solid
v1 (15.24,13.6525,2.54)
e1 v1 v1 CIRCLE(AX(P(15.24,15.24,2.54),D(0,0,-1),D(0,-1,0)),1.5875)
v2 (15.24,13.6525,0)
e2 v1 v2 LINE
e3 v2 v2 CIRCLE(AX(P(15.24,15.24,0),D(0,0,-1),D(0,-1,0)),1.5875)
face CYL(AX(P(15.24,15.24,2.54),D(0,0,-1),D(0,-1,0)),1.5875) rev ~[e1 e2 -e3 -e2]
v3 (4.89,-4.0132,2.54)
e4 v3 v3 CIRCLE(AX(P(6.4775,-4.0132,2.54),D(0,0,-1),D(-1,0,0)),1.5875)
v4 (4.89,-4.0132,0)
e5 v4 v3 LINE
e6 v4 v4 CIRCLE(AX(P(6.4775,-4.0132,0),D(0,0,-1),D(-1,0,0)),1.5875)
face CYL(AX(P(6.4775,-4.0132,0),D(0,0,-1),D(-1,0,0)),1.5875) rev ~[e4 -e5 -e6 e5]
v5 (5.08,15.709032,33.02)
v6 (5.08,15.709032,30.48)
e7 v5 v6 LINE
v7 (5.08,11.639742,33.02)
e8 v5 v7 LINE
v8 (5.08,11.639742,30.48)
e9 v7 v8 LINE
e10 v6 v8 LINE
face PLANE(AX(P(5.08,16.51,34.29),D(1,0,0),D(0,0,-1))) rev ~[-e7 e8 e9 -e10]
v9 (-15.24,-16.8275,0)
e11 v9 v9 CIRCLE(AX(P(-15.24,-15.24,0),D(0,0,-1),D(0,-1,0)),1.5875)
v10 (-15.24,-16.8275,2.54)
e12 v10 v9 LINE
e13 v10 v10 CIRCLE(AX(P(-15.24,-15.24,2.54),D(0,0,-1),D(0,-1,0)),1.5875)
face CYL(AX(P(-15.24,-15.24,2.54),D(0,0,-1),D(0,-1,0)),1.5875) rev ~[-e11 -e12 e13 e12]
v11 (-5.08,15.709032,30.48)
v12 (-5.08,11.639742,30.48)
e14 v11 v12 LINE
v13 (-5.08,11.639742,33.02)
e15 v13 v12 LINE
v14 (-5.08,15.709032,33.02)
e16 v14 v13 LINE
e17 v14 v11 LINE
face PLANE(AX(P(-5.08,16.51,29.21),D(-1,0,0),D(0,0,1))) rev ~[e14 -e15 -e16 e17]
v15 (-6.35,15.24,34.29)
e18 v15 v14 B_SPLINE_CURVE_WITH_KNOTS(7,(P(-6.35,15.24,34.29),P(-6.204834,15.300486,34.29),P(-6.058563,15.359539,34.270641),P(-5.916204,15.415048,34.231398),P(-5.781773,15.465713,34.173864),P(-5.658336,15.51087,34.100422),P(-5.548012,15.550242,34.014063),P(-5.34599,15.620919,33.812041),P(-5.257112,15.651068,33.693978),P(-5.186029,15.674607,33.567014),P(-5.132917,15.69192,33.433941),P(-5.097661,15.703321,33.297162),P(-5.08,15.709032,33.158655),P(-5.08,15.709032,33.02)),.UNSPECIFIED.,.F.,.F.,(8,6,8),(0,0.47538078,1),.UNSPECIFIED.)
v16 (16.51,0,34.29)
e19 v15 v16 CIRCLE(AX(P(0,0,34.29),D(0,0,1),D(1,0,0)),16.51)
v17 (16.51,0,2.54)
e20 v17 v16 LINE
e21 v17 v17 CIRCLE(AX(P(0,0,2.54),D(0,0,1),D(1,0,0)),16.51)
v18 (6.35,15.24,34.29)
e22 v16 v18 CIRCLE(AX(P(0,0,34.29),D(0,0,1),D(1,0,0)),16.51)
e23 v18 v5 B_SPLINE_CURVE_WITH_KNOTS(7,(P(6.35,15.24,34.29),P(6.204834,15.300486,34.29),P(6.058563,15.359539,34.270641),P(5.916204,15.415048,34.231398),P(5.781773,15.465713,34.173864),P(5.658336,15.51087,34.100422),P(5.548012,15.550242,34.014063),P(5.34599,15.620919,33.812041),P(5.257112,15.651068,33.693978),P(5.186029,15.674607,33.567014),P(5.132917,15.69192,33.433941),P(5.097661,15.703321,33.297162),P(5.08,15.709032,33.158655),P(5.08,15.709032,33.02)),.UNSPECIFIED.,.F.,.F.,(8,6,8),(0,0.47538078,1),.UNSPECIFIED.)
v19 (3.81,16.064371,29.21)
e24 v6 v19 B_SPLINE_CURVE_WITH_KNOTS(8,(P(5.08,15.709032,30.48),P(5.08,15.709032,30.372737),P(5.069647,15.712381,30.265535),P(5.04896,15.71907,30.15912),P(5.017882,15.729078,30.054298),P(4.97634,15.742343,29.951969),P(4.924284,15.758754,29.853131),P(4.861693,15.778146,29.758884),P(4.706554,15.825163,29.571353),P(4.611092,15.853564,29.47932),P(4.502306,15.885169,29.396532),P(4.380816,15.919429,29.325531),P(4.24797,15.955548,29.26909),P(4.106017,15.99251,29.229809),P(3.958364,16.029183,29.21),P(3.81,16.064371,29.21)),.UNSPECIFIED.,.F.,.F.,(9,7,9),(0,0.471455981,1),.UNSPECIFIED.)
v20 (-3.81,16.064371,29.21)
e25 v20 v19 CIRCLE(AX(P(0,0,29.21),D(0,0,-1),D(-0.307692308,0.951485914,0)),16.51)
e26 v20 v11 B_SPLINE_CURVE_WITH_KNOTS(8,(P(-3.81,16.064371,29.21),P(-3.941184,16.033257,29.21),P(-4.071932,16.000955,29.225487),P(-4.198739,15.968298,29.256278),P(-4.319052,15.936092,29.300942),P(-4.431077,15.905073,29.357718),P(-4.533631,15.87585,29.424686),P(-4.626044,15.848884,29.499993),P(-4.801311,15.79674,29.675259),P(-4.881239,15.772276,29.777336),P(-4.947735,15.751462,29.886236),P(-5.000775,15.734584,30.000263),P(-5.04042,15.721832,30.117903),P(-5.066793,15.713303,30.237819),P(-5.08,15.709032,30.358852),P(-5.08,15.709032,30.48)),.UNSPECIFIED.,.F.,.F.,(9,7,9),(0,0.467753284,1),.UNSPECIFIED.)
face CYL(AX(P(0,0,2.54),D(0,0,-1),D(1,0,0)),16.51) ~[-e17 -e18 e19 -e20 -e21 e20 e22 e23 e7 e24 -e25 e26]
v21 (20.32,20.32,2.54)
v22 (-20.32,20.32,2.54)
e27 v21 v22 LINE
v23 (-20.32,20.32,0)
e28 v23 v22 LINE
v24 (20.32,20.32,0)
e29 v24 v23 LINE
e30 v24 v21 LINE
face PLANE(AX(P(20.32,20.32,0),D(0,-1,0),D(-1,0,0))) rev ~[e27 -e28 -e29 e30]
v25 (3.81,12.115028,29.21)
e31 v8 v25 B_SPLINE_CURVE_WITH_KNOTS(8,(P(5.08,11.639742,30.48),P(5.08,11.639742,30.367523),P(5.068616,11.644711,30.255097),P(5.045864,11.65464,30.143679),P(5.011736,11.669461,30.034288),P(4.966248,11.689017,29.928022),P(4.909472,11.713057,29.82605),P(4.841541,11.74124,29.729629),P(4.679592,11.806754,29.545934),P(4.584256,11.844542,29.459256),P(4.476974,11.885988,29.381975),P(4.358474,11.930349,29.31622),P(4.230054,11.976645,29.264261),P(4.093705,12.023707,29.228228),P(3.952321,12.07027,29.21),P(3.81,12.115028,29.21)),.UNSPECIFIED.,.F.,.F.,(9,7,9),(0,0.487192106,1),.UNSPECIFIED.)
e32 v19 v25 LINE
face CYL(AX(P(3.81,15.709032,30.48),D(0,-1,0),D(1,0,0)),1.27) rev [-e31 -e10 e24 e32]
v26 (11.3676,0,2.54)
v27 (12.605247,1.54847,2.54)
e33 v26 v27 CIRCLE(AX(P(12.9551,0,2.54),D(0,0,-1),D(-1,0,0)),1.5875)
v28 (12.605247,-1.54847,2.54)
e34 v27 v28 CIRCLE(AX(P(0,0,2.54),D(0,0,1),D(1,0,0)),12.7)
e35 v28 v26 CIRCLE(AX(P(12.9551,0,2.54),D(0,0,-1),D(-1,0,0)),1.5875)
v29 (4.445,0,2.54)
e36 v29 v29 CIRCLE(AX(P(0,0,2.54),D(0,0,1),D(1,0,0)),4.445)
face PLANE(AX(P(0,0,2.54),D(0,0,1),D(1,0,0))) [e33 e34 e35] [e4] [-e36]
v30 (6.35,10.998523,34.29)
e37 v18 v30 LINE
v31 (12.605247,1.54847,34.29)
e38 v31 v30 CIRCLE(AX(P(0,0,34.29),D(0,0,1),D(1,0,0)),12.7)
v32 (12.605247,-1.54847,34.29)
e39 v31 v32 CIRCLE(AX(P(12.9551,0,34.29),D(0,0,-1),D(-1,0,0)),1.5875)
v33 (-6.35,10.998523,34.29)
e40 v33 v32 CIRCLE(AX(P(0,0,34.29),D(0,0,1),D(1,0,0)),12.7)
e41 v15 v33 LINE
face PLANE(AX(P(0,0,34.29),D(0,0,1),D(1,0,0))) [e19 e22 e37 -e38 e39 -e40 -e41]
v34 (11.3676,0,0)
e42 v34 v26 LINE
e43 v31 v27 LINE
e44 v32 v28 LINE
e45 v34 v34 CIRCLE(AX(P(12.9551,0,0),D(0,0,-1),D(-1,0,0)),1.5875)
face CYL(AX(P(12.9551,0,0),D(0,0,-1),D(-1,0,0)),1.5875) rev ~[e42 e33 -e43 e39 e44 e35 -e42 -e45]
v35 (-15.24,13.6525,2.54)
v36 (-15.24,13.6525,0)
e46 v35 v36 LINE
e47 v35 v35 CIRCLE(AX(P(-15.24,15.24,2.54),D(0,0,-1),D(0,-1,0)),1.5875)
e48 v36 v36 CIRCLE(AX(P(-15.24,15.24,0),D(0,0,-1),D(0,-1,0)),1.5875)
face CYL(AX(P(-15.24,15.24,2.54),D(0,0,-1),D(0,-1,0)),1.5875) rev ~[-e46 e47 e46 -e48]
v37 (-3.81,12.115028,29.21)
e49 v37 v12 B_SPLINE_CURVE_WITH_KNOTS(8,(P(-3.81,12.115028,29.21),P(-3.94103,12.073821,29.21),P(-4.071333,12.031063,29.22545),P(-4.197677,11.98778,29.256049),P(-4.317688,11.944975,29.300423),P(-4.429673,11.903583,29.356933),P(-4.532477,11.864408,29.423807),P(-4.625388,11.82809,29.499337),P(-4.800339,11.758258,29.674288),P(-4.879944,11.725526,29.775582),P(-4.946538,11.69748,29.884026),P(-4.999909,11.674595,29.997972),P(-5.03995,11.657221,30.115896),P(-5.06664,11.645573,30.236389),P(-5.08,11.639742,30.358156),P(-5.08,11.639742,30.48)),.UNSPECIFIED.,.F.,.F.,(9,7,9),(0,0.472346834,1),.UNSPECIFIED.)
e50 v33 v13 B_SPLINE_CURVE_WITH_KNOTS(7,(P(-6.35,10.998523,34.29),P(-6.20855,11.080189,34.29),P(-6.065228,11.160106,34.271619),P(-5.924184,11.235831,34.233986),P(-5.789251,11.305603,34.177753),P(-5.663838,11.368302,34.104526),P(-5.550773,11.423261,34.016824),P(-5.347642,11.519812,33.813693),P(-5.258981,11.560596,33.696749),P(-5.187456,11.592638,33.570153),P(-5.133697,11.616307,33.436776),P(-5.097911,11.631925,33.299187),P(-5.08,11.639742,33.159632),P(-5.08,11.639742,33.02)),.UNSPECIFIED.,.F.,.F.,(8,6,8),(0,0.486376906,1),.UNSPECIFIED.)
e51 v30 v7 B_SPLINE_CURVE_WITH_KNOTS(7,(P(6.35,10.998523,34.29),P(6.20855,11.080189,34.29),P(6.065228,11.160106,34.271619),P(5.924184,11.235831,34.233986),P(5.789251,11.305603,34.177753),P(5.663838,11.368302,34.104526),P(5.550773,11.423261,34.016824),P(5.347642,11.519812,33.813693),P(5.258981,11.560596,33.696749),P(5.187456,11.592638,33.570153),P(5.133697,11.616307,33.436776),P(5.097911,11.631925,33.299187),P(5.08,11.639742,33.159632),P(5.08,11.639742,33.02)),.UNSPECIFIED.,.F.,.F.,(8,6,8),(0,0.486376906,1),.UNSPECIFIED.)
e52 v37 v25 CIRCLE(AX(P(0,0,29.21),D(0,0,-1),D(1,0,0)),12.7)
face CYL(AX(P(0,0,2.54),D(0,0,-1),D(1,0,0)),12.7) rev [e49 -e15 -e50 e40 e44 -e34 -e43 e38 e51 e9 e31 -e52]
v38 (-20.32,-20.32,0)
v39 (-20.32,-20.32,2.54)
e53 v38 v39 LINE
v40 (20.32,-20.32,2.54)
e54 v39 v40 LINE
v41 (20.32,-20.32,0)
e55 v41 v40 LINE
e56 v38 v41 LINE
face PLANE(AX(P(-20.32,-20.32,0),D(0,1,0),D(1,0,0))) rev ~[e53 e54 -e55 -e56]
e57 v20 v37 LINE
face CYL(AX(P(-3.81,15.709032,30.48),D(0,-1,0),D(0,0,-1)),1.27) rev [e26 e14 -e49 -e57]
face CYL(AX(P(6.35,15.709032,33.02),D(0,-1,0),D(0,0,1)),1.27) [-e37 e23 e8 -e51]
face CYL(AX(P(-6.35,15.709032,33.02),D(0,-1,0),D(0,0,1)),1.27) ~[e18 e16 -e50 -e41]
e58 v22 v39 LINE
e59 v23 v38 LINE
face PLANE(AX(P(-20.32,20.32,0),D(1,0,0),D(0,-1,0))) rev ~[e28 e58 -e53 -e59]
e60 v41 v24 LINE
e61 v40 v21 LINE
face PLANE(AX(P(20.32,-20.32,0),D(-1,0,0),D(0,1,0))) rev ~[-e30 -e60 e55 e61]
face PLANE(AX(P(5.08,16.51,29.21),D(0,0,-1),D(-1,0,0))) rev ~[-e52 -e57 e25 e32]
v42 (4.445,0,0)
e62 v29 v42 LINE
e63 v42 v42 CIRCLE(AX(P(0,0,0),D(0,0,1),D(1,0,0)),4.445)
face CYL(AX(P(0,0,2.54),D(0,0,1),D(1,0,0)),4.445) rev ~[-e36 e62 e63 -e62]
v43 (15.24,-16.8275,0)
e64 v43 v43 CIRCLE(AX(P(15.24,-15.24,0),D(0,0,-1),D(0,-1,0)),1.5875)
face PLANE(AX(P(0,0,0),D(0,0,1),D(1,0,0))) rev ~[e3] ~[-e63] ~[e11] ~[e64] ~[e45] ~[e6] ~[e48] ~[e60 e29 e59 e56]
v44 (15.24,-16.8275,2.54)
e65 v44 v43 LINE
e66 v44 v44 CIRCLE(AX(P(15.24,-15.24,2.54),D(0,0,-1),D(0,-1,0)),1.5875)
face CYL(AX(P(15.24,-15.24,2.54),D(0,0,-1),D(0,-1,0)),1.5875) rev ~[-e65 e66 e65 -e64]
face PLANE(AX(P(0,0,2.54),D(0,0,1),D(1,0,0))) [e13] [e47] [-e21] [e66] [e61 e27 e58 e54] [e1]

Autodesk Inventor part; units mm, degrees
ref_plane "YZ Plane" through (0, 0, 0) normal (1, 0, 0) x (0, 1, 0)
ref_plane "XY Plane" through (0, 0, 0) normal (0, 0, 1) x (1, 0, 0)
sketch "Sketch1" plane through (0, 0, 0) normal (0, 0, 1) x (1, 0, 0)
  line L0 (20.32, 20.32) -> (-20.32, 20.32)
  line L1 (-20.32, 20.32) -> (-20.32, -20.32)
  line L2 (-20.32, -20.32) -> (20.32, -20.32)
  line L3 (20.32, -20.32) -> (20.32, 20.32)
  point P0 (0, 0)
  dimension "d0" = 40.64
  dimension "d1" = 40.64
  dimension "d2" = 20.32
  dimension "d3" = 20.32
extrude "Extrusion1" add sketch "Sketch1" along normal blind 2.54
sketch "Sketch2" plane through (0, 0, 2.54) normal (0, 0, 1) x (1, 0, 0)
  circle A0 centre (0, 0) radius 12.7
  circle A1 centre (0, 0) radius 16.51
  dimension "d6" = 25.4
  dimension "d7" = 3.81
extrude "Extrusion2" add sketch "Sketch2" along normal blind 31.75
sketch "Sketch3" plane through (0, 0, 2.54) normal (0, 0, 1) x (1, 0, 0)
  line L0 (20.32, 20.32) -> (-20.32, 20.32) projected
  line L1 (-20.32, 20.32) -> (-20.32, -20.32) projected
  line L2 (20.32, -20.32) -> (20.32, 20.32) projected
  line L3 (-20.32, -20.32) -> (20.32, -20.32) projected
  point P0 (0, 0)
  point P1 (-15.24, -15.24)
  point P2 (15.24, -15.24)
  point P3 (15.24, 15.24)
  point P4 (-15.24, 15.24)
  dimension "d10" = 5.08
  dimension "d11" = 5.08
  dimension "d12" = 5.08
  dimension "d13" = 5.08
  dimension "d14" = 5.08
  dimension "d15" = 5.08
  dimension "d16" = 5.08
  dimension "d17" = 5.08
hole "Hole1" at (-15.24, -15.24, 2.54) at (15.24, -15.24, 2.54) at (15.24, 15.24, 2.54) at (-15.24, 15.24, 2.54) direction (0, 0, -1) diameter 3.175 depth 3.175 tip angle 118
ref_plane "Work Plane1" through (0, 16.51, 0) normal (0, 1, 0) x (-1, 0, 0)
sketch "Sketch4" plane through (0, 16.51, 0) normal (0, 1, 0) x (-1, 0, 0)
  line L0 (-12.7, 34.29) -> (12.7, 34.29) projected
  line L1 (5.08, 34.29) -> (-5.08, 34.29)
  line L2 (-5.08, 34.29) -> (-5.08, 29.21)
  line L3 (-5.08, 29.21) -> (5.08, 29.21)
  line L4 (5.08, 29.21) -> (5.08, 34.29)
  line L5 (0, -6.858) -> (0, 41.148) projected
  point P0 (0, 0)
  dimension "d26" = 5.08
  dimension "d27" = 10.16
  dimension "d28" = 5.08
extrude "Extrusion3" cut sketch "Sketch4" against normal blind 10.16
sketch "Sketch5" plane through (0, 0, 2.54) normal (0, 0, 1) x (1, 0, 0)
  circle A0 centre (0, 0) radius 4.445
  dimension "d31" = 8.89
extrude "Extrusion4" cut sketch "Sketch5" against normal through all
fillet "Fillet1" radius 1.27 4 edges at (-5.08, 13.6744, 29.21) (-5.08, 13.6744, 34.29) (5.08, 13.6744, 34.29) (5.08, 13.6744, 29.21)
sketch "Sketch6" plane through (0, 0, 0) normal (0, 0, -1) x (-1, 0, 0)
  circle A0 centre (-6.4775, -4.0132) radius 3.81 construction
  line L0 (20.32, -20.32) -> (-20.32, -20.32) construction
  circle A1 centre (0, 0) radius 3.81 construction
  circle A2 centre (-6.4775, -4.0132) radius 1.5875
  circle A3 centre (-12.9551, 0) radius 3.81 construction
  line L1 (20.32, 20.32) -> (20.32, -20.32) projected
  circle A4 centre (-12.9551, 0) radius 1.5875
  dimension "d35" = 16.3068
  dimension "d36" = 7.62
  dimension "d37" = 7.62
  dimension "d38" = 3.175
  dimension "d39" = 7.62
  dimension "d41" = 20.32
  dimension "d42" = 3.175
extrude "Extrusion5" cut sketch "Sketch6" against normal through all
properties part number "000114"
